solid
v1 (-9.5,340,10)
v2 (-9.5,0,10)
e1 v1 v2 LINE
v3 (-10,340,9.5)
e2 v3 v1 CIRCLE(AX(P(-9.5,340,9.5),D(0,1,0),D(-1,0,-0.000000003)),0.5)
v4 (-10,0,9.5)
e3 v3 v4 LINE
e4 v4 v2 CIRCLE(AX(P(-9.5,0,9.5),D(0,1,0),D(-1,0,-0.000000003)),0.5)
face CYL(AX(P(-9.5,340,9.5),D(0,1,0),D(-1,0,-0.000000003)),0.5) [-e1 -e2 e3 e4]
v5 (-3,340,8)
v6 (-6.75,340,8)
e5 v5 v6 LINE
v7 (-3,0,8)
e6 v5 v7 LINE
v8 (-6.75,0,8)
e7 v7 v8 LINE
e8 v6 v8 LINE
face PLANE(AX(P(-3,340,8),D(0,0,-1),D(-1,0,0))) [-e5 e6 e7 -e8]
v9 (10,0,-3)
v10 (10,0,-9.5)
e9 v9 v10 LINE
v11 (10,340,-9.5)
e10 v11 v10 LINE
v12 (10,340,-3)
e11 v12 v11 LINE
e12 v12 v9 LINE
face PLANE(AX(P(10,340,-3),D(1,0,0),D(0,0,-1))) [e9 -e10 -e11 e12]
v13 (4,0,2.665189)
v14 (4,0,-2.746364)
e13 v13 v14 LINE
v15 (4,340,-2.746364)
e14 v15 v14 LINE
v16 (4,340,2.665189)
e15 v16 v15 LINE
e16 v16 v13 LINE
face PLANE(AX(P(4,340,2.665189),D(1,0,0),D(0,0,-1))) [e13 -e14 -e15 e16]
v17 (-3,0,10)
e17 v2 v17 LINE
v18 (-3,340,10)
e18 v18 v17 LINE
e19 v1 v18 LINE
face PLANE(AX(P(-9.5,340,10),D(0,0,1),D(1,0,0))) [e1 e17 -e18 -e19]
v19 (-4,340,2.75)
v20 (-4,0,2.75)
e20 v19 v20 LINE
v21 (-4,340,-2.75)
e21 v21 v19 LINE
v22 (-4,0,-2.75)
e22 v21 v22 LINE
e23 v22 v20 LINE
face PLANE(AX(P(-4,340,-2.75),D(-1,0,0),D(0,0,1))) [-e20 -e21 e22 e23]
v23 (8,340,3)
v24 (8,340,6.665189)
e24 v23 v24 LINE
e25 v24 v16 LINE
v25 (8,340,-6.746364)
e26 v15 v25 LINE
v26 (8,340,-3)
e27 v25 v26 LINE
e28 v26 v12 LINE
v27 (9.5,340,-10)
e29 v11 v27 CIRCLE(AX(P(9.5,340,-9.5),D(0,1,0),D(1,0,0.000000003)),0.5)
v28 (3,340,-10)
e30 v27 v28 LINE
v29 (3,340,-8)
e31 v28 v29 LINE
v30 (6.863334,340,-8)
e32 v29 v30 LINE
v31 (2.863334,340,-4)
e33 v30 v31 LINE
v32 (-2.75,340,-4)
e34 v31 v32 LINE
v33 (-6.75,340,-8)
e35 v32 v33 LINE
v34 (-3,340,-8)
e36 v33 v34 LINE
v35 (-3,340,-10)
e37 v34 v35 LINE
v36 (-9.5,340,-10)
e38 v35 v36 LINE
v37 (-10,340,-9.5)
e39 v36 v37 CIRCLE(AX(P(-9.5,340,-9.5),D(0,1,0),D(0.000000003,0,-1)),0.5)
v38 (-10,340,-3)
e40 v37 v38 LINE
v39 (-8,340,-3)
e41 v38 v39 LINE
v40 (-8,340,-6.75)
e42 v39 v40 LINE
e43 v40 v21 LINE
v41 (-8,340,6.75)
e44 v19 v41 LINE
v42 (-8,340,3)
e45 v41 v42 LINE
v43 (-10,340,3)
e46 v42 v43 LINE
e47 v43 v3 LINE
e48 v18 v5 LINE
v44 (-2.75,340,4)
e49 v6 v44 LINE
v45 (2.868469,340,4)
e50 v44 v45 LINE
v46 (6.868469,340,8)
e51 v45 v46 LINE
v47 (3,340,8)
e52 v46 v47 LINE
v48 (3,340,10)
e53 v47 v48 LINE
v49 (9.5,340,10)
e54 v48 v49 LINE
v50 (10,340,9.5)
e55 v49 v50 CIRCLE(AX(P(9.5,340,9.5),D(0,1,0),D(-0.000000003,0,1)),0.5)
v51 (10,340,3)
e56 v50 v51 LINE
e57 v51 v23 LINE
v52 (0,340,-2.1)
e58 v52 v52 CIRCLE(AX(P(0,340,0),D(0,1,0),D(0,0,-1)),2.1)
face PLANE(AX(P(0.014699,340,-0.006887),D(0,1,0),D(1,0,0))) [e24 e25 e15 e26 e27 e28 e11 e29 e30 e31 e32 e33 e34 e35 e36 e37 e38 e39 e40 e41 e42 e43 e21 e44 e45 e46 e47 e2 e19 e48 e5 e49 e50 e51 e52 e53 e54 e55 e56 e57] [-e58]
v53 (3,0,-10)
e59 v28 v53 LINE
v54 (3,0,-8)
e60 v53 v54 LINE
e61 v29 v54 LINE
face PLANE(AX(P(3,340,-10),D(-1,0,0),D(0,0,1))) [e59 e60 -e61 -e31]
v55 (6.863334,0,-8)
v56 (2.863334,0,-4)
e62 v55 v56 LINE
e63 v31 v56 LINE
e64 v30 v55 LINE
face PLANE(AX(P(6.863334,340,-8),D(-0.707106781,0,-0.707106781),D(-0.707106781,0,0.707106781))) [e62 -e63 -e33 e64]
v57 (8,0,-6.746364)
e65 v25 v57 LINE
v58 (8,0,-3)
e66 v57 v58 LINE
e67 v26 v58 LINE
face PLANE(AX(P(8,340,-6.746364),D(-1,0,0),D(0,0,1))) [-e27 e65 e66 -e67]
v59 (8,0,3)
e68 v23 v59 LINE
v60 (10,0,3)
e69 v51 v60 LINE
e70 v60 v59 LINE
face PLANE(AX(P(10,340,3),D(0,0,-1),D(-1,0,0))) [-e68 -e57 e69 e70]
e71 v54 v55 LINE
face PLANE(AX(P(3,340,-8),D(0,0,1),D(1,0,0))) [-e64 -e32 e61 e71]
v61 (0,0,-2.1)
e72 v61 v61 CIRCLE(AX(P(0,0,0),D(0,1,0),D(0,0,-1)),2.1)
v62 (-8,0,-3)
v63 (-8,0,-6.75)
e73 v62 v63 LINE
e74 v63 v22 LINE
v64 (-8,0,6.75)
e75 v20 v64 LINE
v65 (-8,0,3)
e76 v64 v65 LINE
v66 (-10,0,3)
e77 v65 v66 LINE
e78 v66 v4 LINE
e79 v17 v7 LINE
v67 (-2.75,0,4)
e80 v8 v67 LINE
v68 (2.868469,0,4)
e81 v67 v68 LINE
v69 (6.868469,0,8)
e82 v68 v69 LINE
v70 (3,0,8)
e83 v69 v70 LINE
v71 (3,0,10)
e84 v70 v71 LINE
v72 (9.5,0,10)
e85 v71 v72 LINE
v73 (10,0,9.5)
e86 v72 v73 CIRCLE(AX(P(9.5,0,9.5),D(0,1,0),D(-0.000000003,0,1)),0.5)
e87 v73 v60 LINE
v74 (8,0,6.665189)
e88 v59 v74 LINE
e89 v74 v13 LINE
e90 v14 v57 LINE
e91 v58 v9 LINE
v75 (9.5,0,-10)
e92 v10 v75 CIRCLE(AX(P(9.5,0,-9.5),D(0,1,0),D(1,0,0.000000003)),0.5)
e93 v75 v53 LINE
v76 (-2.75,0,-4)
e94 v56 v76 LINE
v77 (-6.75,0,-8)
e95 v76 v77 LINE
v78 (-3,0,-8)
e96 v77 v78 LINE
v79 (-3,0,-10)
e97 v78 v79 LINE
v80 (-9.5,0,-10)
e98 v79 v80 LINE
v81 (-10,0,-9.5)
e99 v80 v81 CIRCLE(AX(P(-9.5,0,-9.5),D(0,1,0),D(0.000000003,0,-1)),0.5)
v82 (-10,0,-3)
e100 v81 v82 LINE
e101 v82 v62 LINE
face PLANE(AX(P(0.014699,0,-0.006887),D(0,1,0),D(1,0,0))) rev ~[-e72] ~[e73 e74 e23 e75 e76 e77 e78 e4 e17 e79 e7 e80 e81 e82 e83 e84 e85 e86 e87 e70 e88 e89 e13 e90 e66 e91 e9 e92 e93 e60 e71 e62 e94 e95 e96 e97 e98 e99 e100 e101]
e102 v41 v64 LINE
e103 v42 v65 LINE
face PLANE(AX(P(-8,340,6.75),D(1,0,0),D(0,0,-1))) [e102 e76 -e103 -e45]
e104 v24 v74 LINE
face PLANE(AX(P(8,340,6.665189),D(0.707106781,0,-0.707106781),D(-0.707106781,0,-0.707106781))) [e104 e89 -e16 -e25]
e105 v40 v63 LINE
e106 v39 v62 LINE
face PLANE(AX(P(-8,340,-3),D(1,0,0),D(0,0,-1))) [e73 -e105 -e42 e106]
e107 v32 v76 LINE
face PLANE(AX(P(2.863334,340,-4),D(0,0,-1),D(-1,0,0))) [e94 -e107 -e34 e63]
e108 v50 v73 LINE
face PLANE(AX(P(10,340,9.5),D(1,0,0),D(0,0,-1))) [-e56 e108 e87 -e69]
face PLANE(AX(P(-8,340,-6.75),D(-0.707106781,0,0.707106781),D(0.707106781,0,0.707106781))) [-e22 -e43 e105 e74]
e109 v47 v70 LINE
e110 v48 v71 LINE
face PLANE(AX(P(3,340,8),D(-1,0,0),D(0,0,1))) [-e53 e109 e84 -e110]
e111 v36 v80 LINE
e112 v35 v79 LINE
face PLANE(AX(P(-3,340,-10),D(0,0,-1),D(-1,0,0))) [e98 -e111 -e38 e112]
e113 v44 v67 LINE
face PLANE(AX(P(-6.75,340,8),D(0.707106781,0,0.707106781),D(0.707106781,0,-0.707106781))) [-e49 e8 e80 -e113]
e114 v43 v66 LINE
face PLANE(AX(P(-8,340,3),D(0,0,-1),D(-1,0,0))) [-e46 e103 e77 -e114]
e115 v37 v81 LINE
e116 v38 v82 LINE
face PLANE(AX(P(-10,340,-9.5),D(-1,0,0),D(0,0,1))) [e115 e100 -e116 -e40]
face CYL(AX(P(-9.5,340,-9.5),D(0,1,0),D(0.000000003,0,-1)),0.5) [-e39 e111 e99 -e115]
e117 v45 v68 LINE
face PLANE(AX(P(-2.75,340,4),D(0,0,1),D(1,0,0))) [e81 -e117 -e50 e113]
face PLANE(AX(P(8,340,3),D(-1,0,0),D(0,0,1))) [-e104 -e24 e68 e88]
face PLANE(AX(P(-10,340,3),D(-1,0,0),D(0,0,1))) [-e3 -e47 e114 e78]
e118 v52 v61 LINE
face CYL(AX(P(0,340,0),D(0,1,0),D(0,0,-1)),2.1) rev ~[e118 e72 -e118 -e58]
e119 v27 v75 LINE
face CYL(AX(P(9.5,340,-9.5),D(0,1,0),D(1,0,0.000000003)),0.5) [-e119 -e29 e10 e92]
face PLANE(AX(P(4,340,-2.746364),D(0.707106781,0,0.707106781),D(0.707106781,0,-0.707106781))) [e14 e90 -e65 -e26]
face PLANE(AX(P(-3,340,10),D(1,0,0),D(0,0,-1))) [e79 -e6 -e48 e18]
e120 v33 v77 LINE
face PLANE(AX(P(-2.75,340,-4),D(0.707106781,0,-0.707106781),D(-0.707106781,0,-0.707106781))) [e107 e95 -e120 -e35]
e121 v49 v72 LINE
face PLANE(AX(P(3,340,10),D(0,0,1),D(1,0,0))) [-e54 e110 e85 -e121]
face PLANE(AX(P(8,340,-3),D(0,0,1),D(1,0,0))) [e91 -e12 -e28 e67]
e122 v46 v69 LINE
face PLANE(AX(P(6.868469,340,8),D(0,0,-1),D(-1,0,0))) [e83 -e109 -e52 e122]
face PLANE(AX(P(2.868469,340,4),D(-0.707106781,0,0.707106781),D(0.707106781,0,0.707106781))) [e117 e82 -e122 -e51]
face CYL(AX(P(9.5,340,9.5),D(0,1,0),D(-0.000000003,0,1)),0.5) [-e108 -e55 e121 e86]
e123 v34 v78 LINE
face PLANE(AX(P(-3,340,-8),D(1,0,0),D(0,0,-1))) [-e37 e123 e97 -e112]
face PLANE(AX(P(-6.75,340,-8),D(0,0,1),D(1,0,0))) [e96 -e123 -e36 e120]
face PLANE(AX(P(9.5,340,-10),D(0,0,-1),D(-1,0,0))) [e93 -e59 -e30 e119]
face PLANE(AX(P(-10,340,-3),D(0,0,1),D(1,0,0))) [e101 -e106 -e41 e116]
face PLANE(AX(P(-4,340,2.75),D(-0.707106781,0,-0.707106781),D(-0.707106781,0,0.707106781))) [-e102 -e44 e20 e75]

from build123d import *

# Parameters (mm, degrees)
SKETCH1_R           = 2.1
BOSS_EXTRUDE1_DEPTH = 340


with BuildPart() as part:
    # Sketch1 → Boss-Extrude1 (new body)
    with BuildSketch(Plane(origin=(0, 340, 0), x_dir=(1, 0, 0), z_dir=(0, 1, 0))):
        with BuildLine():
            Line((4, 2.746364236), (8, 6.746364236))
            Line((8, 6.746364236), (8, 3))
            Line((8, 3), (10, 3))
            Line((10, 3), (10, 9.5))
            ThreePointArc((10, 9.5), (9.853553391, 9.853553391), (9.5, 10))
            Line((9.5, 10), (3, 10))
            Line((3, 10), (3, 8))
            Line((3, 8), (6.863334179, 8))
            Line((6.863334179, 8), (2.863334179, 4))
            Line((2.863334179, 4), (-2.75, 4))
            Line((-2.75, 4), (-6.75, 8))
            Line((-6.75, 8), (-3, 8))
            Line((-3, 8), (-3, 10))
            Line((-3, 10), (-9.5, 10))
            ThreePointArc((-9.5, 10), (-9.853553391, 9.853553391), (-10, 9.5))
            Line((-10, 9.5), (-10, 3))
            Line((-10, 3), (-8, 3))
            Line((-8, 3), (-8, 6.75))
            Line((-8, 6.75), (-4, 2.75))
            Line((-4, 2.75), (-4, -2.75))
            Line((-4, -2.75), (-8, -6.75))
            Line((-8, -6.75), (-8, -3))
            Line((-8, -3), (-10, -3))
            Line((-10, -3), (-10, -9.5))
            ThreePointArc((-10, -9.5), (-9.853553391, -9.853553391), (-9.5, -10))
            Line((-9.5, -10), (-3, -10))
            Line((-3, -10), (-3, -8))
            Line((-3, -8), (-6.75, -8))
            Line((-6.75, -8), (-2.75, -4))
            Line((-2.75, -4), (2.868469119, -4))
            Line((2.868469119, -4), (6.868469119, -8))
            Line((6.868469119, -8), (3, -8))
            Line((3, -8), (3, -10))
            Line((3, -10), (9.5, -10))
            ThreePointArc((9.5, -10), (9.853553391, -9.853553391), (10, -9.5))
            Line((10, -9.5), (10, -3))
            Line((10, -3), (8, -3))
            Line((8, -3), (8, -6.665189266))
            Line((8, -6.665189266), (4, -2.665189266))
            Line((4, -2.665189266), (4, 2.746364236))
        make_face()
        with Locations(Location((0, 0, 0), (0, 0, 90))):
            Circle(SKETCH1_R, mode=Mode.SUBTRACT)
    extrude(amount=-BOSS_EXTRUDE1_DEPTH)


solid = part.part
